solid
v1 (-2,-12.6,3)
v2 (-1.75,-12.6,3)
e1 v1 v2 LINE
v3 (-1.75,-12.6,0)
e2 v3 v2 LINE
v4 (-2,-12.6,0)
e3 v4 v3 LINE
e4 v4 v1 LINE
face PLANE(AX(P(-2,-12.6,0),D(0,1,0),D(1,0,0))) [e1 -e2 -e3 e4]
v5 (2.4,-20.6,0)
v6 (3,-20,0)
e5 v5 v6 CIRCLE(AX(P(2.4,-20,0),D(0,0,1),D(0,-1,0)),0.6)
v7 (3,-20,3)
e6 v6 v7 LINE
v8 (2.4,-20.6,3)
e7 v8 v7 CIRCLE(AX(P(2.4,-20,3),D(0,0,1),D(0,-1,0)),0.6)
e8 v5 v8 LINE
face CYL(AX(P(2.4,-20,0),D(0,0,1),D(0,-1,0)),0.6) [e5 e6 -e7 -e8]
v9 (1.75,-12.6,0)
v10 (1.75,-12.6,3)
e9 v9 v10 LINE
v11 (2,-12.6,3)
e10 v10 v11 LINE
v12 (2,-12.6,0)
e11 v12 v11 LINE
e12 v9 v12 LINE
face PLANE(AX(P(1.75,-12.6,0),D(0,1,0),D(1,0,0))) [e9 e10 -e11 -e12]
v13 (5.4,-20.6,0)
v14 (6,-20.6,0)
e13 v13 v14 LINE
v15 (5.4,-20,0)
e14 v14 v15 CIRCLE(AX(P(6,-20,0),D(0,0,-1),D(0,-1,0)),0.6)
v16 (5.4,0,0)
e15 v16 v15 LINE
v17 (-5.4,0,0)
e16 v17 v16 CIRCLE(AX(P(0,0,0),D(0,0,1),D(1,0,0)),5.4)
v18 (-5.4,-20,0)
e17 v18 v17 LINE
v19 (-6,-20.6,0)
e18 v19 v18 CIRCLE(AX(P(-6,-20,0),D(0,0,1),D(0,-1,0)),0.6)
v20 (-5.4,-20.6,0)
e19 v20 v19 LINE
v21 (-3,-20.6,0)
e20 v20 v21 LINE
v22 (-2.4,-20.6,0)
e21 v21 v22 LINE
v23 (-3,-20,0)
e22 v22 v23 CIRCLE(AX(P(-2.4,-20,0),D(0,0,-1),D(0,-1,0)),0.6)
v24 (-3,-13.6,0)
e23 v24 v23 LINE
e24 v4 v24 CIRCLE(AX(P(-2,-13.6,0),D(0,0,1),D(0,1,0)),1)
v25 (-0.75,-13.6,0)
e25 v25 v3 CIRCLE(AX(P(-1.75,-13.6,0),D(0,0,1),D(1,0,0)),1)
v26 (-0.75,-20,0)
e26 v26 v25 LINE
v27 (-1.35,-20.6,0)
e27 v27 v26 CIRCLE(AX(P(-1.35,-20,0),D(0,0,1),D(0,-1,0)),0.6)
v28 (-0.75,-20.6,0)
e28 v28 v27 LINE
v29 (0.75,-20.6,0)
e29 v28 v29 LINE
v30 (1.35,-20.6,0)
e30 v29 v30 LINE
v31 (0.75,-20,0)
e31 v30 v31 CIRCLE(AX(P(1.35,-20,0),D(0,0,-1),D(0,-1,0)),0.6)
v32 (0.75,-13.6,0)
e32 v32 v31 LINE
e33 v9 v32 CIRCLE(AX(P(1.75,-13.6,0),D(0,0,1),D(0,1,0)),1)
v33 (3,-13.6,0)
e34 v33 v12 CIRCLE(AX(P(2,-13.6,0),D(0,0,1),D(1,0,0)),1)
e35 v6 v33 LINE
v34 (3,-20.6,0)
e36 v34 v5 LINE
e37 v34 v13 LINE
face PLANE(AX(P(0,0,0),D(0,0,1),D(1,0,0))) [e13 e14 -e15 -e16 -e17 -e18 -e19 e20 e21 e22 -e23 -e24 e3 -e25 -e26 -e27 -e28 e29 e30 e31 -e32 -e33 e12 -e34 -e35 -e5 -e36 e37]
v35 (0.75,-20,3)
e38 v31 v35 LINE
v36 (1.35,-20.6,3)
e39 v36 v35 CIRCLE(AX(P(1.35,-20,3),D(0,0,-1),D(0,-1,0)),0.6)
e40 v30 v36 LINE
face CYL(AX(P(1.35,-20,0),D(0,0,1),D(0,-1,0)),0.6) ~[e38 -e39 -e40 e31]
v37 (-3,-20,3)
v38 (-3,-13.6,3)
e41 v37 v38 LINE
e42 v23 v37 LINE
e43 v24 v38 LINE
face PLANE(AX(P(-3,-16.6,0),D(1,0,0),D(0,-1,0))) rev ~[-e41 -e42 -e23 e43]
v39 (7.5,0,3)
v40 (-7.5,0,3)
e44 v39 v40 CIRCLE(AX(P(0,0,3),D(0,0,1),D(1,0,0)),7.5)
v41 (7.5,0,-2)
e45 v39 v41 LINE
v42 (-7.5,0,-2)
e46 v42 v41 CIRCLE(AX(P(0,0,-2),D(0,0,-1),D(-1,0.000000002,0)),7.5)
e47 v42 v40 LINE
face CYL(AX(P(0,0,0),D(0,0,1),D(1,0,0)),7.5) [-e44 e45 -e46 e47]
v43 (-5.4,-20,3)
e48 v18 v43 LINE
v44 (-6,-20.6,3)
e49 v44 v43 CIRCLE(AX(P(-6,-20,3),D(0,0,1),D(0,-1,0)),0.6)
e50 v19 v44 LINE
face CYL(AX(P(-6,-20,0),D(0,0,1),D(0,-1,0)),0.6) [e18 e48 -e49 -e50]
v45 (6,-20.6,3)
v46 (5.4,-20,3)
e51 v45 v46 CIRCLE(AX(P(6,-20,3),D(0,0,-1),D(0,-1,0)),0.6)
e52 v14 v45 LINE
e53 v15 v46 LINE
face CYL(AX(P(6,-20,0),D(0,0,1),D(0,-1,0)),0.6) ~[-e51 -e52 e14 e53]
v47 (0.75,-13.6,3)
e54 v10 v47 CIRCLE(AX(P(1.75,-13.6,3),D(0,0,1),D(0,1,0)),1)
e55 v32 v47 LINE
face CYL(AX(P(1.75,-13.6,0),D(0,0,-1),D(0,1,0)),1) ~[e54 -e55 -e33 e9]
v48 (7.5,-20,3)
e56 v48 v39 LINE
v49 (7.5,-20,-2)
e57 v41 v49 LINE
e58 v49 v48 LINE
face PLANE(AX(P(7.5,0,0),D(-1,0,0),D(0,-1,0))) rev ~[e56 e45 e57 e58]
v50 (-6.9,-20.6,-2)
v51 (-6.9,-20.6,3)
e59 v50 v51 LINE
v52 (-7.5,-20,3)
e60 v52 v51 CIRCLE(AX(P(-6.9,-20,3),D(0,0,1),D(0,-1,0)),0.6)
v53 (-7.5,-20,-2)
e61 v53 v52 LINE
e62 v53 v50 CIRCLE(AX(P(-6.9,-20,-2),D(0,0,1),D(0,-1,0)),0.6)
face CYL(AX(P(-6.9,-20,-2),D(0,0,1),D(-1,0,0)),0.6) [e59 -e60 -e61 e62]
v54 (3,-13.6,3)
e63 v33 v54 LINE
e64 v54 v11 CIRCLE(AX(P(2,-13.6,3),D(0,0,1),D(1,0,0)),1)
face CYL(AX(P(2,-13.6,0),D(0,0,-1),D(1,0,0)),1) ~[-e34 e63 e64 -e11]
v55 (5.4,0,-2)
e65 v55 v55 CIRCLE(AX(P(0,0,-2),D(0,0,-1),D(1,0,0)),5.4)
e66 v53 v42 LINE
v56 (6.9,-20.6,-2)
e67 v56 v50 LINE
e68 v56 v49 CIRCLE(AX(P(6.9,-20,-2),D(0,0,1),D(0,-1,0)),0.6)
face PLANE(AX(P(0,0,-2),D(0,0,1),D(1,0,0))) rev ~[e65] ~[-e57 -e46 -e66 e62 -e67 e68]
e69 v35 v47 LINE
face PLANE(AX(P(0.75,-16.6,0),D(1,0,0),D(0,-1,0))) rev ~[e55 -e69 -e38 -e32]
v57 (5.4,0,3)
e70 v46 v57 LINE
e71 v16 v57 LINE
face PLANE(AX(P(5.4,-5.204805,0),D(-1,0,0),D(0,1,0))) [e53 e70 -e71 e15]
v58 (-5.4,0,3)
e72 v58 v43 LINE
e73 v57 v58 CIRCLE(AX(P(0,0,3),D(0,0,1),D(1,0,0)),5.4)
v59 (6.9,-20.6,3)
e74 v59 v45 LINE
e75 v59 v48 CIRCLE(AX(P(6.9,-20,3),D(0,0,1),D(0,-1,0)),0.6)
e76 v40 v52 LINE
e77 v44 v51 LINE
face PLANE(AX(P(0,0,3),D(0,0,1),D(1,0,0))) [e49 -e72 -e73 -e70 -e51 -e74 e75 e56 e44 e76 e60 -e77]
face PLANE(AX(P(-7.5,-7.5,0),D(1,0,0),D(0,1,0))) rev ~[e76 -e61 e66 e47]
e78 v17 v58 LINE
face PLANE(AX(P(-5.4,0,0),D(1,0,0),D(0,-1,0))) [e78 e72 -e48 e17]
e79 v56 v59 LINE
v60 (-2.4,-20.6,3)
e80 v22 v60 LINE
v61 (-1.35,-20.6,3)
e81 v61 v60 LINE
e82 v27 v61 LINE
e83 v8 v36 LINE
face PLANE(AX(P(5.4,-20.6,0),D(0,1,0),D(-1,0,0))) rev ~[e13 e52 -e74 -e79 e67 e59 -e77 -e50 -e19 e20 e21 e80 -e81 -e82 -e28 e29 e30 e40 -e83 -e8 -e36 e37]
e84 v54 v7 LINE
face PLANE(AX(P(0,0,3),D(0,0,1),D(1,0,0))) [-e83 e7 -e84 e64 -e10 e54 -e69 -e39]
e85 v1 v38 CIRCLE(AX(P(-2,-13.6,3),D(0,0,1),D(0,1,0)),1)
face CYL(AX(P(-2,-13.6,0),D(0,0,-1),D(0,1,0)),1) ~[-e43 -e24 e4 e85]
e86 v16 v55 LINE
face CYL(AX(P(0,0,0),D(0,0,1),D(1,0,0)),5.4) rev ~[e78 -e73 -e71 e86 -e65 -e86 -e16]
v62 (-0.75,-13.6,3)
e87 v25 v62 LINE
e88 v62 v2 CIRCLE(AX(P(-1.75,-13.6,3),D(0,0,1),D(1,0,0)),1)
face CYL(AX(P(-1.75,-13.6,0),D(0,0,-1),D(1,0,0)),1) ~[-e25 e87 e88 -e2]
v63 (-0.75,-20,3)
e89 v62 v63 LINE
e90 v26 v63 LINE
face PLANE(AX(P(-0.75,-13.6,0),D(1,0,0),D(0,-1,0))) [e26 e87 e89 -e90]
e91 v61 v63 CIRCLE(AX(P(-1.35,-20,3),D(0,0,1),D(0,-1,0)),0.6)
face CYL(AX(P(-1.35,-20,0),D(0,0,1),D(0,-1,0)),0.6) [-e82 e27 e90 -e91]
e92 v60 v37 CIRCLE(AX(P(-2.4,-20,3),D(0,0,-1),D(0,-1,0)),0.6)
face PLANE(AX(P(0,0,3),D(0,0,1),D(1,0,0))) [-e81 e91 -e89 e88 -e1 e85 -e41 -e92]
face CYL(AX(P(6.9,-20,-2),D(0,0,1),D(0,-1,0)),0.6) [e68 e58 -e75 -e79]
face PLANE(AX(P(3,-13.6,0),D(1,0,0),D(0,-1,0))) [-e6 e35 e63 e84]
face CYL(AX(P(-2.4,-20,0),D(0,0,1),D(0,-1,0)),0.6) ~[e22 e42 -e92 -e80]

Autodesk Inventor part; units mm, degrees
ref_plane "YZ Plane" through (0, 0, 0) normal (1, 0, 0) x (0, 1, 0)
ref_plane "XZ Plane" through (0, 0, 0) normal (0, 1, 0) x (-1, 0, 0)
ref_plane "XY Plane" through (0, 0, 0) normal (0, 0, 1) x (1, 0, 0)
sketch "Szkic1" plane through (0, 0, 0) normal (0, 0, 1) x (1, 0, 0)
  circle A0 centre (0, 0) radius 5.4
  line L0 (0, 5.4) -> (0, -12.6) construction
  line L1 (-5.4, 0) -> (-5.4, -12.6)
  line L2 (1.75, -12.6) -> (5.4, -12.6) construction
  line L3 (5.4, -12.6) -> (5.4, 0)
  line L4 (-4.5, -12.6) -> (-4.5, -16.6)
  line L5 (-4.5, -16.6) -> (-3, -16.6)
  line L6 (-3, -16.6) -> (-3, -13.6)
  line L7 (-3, -12.6) -> (-4.5, -12.6)
  line L8 (-4.5, -12.6) -> (-3, -16.6) construction
  line L9 (-4.5, -16.6) -> (-3, -12.6) construction
  line L10 (0.75, -12.6) -> (-0.75, -12.6)
  line L11 (0.75, -16.6) -> (0.75, -13.6)
  line L12 (-0.75, -16.6) -> (0.75, -16.6)
  line L13 (-0.75, -12.6) -> (0.75, -16.6) construction
  line L14 (-0.75, -16.6) -> (0.75, -12.6) construction
  line L15 (-0.75, -13.6) -> (-0.75, -16.6)
  line L16 (4.5, -12.6) -> (3, -12.6)
  line L17 (4.5, -16.6) -> (4.5, -12.6)
  line L18 (3, -16.6) -> (4.5, -16.6)
  line L19 (3, -12.6) -> (4.5, -16.6) construction
  line L20 (3, -16.6) -> (4.5, -12.6) construction
  line L21 (3, -13.6) -> (3, -16.6)
  line L22 (-7.5, 7.5) -> (7.5, 7.5)
  line L23 (7.5, 7.5) -> (7.5, -20.6)
  line L24 (7.5, -20.6) -> (-7.5, -20.6)
  line L25 (-7.5, -20.6) -> (-7.5, 7.5)
  line L26 (5.4, 0) -> (5.4, -20.6)
  line L27 (5.4, -20.6) -> (-5.4, -20.6) construction
  line L28 (-5.4, -20.6) -> (-5.4, 0)
  line L29 (-3, -16.6) -> (-3, -20.6)
  line L30 (-0.75, -16.6) -> (-0.75, -20.6)
  line L31 (0.75, -16.6) -> (0.75, -20.6)
  line L32 (3, -16.6) -> (3, -20.6)
  line L33 (4.5, -16.6) -> (4.5, -20.6) construction
  line L34 (2, -12.6) -> (0.75, -12.6) construction
  line L35 (-3, -12.6) -> (-1.75, -12.6) construction
  arc A1 (-2, -12.6) -> (-3, -13.6) centre (-2, -13.6) ccw
  arc A2 (-0.75, -13.6) -> (-1.75, -12.6) centre (-1.75, -13.6) ccw
  arc A3 (1.75, -12.6) -> (0.75, -13.6) centre (1.75, -13.6) ccw
  arc A4 (3, -13.6) -> (2, -12.6) centre (2, -13.6) ccw
  line L36 (-2, -12.6) -> (-1.75, -12.6)
  line L37 (1.75, -12.6) -> (2, -12.6)
  line L38 (3, -13.6) -> (3, -16.6)
  line L39 (5.4, -16.6) -> (3, -16.6) construction
  line L40 (-3, -16.6) -> (-5.4, -16.6) construction
  line L41 (-3, -16.6) -> (-3, -13.6)
  line L42 (-0.75, -13.6) -> (-0.75, -16.6)
  line L43 (0.75, -16.6) -> (0.75, -13.6)
  circle A5 centre (0, 0) radius 7.5
  line L44 (-7.5, -7.5) -> (7.5, -7.5)
  point P0 (-3.75, -14.6)
  point P1 (0, -14.6)
  point P2 (3.75, -14.6)
  point P3 (0, -14.6)
  point P4 (0, -14.6)
  point P5 (0, 5.4)
  point P6 (-3, -20.5)
  point P7 (-0.75, -20.6)
  point P8 (0.75, -13.6)
  point P9 (0.75, -20.6)
  point P10 (3, -20.6)
  point P11 (5.4, -12.6)
  point P12 (0, 7.5)
  point P13 (7.5, 0)
  point P14 (-7.5, 0)
  point P15 (-5.4, -5.2048)
  point P16 (5.4, -5.2048)
  dimension "d29" = 15
  dimension "d0" = 10.8
  dimension "d3" = 12.6
  dimension "d5" = 4
  dimension "d6" = 1.5
  dimension "d9" = 3.75
  dimension "d16" = 1
  dimension "d28" = 15
  dimension "d30" = 28.1
extrude "Wyciągnięcie proste1" add sketch "Szkic1" against normal blind 2 contours L3 A5 L1 A0 | A0 L1 A5 L3 | A5 L23 L44 L3 | L3 L44 A5 | A5 L44 L1 | L1 L44 L25 A5 | L44 L23 L24 L26 L3 | L3 L26 L24 L32 L21 A4 L37 A3 L11 L12 L15 A2 L36 A1 L6 L29 L28 L1 L44 | L1 L28 L24 L25 L44 | L24 L31 L11 A3 L37 A4 L21 L32 | L29 L6 A1 L36 A2 L15 L30 L24 | L24 L30 L12 L31
extrude "Wyciągnięcie proste2" add sketch "Szkic1" along normal blind 3 contours A0 L1 A5 L3 | A5 L23 L44 L3 | L1 L44 L25 A5 | L44 L23 L24 L26 L3 | L1 L28 L24 L25 L44 | L24 L31 L11 A3 L37 A4 L21 L32 | L29 L6 A1 L36 A2 L15 L30 L24 picked at (-5.6976, -3.095)
fillet "Zaokrąglenie1" radius 0.6 8 edges at (-7.5, -20.6, 0.5) (7.5, -20.6, 0.5) (-5.4, -20.6, 1.5) (5.4, -20.6, 1.5) (3, -20.6, 1.5) (0.75, -20.6, 1.5) (-3, -20.6, 1.5) (-0.75, -20.6, 1.5)
properties part number "potentiometr_case" material "PLA"
